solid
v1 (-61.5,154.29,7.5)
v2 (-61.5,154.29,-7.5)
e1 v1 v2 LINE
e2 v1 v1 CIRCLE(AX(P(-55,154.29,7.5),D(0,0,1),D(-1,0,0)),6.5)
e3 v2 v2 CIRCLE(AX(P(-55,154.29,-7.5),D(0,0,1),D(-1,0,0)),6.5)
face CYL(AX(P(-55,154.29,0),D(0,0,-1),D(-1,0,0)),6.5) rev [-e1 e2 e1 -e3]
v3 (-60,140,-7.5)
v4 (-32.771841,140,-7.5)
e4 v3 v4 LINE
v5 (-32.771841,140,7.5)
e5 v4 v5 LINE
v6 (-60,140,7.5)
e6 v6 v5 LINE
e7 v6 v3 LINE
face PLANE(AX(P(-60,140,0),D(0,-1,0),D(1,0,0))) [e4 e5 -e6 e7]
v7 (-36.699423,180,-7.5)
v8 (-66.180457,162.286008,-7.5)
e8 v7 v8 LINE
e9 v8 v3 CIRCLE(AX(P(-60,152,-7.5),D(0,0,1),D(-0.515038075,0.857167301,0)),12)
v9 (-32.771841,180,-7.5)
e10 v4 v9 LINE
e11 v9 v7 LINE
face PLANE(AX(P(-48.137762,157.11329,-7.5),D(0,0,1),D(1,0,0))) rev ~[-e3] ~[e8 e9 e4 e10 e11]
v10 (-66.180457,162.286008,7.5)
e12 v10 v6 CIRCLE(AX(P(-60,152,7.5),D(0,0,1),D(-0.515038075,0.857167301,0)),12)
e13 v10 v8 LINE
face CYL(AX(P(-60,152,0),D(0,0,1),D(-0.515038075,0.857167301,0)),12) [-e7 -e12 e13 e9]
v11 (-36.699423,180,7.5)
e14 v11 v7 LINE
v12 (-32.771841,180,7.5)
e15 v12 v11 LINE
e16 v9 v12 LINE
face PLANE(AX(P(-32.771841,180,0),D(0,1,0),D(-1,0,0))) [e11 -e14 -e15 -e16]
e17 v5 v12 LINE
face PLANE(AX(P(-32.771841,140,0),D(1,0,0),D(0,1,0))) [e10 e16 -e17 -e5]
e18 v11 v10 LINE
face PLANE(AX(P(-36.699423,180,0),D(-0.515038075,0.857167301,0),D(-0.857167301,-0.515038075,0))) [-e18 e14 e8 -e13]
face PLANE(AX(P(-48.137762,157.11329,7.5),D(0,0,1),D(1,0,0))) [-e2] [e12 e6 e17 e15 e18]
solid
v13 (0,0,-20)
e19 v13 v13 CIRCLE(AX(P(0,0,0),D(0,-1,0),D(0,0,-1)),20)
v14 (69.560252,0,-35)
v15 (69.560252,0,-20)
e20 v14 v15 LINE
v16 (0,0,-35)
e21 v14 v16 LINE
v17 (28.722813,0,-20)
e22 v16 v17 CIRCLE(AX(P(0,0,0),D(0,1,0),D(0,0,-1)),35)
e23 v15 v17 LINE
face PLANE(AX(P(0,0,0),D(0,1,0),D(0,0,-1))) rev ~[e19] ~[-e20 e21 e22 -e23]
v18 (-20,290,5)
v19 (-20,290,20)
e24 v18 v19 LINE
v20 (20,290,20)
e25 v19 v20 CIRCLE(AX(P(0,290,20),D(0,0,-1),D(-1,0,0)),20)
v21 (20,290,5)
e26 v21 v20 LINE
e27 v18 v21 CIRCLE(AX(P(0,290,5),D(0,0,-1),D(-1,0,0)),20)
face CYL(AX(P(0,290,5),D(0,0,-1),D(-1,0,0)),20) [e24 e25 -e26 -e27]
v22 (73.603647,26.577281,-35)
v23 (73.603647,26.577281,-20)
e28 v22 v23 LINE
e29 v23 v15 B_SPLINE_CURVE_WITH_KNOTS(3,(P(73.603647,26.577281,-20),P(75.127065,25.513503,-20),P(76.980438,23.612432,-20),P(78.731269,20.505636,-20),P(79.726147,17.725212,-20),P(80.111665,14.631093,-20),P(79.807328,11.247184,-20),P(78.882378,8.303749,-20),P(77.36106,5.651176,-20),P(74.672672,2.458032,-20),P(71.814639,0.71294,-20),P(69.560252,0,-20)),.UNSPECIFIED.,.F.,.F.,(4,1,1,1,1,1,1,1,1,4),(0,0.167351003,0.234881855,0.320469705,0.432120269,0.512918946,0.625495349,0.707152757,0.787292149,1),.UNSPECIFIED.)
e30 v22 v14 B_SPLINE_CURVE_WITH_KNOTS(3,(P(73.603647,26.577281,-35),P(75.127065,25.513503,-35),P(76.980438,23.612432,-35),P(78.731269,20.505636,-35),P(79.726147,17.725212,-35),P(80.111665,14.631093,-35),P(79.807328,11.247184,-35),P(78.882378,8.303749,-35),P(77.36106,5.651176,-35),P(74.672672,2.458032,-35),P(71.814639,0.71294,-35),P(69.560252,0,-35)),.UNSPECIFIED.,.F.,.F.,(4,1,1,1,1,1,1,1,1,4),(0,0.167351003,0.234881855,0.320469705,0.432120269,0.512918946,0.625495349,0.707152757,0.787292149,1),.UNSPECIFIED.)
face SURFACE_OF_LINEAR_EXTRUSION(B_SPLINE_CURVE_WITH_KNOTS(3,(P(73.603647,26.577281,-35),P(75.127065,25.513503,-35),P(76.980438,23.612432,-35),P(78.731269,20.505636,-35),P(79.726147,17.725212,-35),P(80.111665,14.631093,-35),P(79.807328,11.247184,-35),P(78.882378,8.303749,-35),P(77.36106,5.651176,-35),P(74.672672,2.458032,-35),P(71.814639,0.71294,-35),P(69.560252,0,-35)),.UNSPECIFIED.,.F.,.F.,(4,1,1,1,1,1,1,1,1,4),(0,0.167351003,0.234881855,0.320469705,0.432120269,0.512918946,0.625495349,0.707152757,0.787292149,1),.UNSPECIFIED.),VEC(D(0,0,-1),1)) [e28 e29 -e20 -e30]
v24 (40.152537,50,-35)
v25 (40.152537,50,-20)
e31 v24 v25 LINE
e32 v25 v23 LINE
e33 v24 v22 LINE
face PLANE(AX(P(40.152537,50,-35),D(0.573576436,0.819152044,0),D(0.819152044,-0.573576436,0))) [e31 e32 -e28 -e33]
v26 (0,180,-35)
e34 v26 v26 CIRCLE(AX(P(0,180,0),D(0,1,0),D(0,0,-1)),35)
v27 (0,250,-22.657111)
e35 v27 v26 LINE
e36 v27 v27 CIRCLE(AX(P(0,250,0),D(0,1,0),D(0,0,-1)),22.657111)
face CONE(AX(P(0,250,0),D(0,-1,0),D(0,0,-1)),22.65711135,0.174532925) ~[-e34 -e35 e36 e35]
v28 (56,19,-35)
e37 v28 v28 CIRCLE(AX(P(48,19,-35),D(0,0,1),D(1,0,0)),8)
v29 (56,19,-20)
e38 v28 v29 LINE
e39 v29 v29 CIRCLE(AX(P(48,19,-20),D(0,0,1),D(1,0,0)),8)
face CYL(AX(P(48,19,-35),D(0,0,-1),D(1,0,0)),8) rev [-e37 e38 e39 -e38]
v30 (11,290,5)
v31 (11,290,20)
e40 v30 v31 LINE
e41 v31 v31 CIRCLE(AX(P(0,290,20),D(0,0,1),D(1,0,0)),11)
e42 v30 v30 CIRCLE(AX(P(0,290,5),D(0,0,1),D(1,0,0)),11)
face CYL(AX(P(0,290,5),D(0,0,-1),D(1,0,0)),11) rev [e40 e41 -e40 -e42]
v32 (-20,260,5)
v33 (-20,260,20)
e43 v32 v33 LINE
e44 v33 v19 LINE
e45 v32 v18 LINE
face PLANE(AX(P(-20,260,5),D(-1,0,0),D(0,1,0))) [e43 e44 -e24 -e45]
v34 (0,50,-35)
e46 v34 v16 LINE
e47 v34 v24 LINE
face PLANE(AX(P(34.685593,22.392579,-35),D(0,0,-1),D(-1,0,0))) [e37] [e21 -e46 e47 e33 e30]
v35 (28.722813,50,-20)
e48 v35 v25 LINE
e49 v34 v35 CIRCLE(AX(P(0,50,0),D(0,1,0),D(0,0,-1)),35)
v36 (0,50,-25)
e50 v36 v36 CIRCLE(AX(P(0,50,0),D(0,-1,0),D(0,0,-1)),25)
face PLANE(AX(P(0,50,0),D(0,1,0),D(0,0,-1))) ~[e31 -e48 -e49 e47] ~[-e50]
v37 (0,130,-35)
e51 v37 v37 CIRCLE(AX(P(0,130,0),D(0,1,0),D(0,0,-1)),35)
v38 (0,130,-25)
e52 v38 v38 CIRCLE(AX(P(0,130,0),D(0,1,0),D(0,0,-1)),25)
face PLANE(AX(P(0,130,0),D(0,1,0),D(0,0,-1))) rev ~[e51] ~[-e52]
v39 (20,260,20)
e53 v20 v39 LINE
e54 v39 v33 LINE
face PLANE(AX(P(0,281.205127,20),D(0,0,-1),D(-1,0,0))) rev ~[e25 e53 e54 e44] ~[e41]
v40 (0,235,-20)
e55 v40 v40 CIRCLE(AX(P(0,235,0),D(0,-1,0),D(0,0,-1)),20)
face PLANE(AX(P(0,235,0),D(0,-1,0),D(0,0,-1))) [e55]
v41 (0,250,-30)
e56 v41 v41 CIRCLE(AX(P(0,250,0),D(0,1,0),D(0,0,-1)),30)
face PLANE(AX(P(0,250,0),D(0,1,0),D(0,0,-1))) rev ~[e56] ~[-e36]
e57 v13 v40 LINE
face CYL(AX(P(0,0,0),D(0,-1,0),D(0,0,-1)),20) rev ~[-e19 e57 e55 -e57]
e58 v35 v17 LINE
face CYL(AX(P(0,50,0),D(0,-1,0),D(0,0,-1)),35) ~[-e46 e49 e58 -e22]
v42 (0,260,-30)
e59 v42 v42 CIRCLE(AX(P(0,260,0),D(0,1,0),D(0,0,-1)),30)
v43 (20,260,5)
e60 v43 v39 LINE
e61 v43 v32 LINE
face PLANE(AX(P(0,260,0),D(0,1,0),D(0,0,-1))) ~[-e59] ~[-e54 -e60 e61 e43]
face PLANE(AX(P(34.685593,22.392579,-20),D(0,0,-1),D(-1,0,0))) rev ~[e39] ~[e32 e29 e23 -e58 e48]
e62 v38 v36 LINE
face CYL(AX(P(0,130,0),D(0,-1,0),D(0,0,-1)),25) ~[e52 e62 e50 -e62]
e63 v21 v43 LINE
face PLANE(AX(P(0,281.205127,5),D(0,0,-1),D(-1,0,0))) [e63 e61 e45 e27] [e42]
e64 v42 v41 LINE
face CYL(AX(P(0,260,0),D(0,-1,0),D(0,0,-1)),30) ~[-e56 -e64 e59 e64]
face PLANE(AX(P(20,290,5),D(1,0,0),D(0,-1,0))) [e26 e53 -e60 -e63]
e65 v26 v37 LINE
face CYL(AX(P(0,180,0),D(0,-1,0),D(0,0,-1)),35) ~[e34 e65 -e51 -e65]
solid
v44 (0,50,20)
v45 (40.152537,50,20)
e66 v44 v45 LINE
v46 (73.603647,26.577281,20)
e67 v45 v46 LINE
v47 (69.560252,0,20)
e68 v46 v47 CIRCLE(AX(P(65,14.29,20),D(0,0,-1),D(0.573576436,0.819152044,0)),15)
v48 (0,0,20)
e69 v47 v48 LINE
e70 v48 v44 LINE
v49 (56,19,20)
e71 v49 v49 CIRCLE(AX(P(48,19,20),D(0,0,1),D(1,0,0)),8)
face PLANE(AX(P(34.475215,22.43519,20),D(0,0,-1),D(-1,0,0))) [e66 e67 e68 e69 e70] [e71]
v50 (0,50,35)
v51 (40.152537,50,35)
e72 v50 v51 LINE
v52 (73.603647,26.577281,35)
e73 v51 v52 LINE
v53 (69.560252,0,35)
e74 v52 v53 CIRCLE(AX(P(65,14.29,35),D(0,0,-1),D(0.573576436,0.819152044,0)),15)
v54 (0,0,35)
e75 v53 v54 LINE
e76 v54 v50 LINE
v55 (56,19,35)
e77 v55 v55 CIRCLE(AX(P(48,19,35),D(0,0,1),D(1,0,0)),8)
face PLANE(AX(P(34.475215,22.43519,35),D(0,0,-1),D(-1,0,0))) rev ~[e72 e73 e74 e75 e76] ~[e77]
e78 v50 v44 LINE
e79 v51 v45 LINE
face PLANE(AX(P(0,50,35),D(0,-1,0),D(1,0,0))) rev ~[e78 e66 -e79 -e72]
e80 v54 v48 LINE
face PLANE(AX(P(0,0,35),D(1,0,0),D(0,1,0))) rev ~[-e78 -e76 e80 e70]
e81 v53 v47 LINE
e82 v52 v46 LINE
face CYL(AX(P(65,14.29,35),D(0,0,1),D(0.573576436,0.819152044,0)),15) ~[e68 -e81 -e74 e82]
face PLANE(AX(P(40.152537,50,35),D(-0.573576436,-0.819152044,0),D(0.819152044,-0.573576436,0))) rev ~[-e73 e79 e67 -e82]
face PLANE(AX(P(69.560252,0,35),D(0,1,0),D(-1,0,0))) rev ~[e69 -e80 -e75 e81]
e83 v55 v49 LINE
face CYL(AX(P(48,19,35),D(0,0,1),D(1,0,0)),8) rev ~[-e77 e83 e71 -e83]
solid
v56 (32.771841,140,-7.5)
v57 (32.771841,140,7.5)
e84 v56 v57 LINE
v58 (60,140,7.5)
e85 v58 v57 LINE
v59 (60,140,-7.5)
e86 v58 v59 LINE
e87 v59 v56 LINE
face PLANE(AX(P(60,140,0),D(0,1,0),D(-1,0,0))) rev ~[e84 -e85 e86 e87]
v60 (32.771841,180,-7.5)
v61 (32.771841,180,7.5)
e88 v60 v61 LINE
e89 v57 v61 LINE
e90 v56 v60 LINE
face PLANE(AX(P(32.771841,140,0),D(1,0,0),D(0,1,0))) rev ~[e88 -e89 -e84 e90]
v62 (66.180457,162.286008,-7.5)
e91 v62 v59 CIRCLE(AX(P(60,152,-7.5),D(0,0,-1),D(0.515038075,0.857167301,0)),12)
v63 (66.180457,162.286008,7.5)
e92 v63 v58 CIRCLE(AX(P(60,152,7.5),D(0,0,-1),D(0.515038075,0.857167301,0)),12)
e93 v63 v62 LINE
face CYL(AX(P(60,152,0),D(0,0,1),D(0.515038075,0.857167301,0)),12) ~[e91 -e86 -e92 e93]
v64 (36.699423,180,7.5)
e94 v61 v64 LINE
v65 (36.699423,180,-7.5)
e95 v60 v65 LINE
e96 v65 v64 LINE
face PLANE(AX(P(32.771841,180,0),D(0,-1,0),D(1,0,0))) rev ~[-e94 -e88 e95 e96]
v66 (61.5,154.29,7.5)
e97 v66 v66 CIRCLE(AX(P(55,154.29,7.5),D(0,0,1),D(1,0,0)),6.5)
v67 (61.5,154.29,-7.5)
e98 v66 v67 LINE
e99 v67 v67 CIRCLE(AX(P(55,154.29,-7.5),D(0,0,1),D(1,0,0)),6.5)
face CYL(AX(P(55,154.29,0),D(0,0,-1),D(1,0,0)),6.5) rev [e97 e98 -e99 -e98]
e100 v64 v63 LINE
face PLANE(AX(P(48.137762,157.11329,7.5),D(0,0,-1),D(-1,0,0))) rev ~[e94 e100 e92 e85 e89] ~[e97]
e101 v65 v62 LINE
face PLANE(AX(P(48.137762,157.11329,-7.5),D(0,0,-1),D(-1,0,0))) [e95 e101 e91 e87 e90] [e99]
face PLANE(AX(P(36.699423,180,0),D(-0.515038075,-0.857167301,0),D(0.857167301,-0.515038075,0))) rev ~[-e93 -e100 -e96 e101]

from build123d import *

# Parameters (mm, degrees)
SKETCH4_R             = 11
BOSS_EXTRUDE2_DEPTH   = 15
SKETCH5_R             = 6.5
BOSS_EXTRUDE3_DEPTH   = 7.5
BOSS_EXTRUDE3_2_DEPTH = 7.5
SKETCH8_R             = 8
BOSS_EXTRUDE4_DEPTH   = 15
SKETCH10_R            = 8
BOSS_EXTRUDE5_DEPTH   = 15
SKETCH11_R            = 20
CUT_EXTRUDE1_DEPTH    = 235


with BuildPart() as part:
    # Sketch3 → Revolve1 (revolve)
    with BuildSketch(Plane.XY, mode=Mode.PRIVATE) as revolve1_sk:
        Polygon((0, 260), (30, 260), (30, 250), (22.65711135, 250), (35, 180), (35, 130), (25, 130), (25, 50), (35, 50), (35, 0), (0, 0), align=None)
    revolve(revolve1_sk.sketch.rotate(Axis((0, 0, 0), (0, 1, 0)), 90), axis=Axis((0, 0, 0), (0, 1, 0)))

    # Sketch4 → Boss-Extrude2 (add)
    with BuildSketch(Plane.XY.offset(5)):
        with BuildLine():
            Line((-20, 260), (-20, 290))
            ThreePointArc((-20, 290), (0, 310), (20, 290))
            Line((20, 290), (20, 260))
            Line((20, 260), (-20, 260))
        make_face()
        with Locations((0, 290)):
            Circle(SKETCH4_R, mode=Mode.SUBTRACT)
    extrude(amount=BOSS_EXTRUDE2_DEPTH)

    # Sketch10 → Boss-Extrude5 (add)
    with BuildSketch(Plane.XY.offset(-35)):
        with BuildLine():
            Line((0, 0), (0, 50))
            Line((0, 50), (40.152536614, 50))
            Line((40.152536614, 50), (73.603646545, 26.577280664))
            add(Edge.make_bspline(
                [(73.603646545, 26.577280664), (75.127065021, 25.513502774), (76.980437774, 23.612432373), (78.731268766, 20.505635824), (79.726147072, 17.725211617), (80.11166501, 14.631092772), (79.807327508, 11.24718434), (78.882377726, 8.303748645), (77.361059944, 5.651175507), (74.672672088, 2.458032167), (71.81463949, 0.712940429), (69.560252186, 0)],
                knots=[0, 0, 0, 0, 0.167351003, 0.234881855, 0.320469705, 0.432120269, 0.512918946, 0.625495349, 0.707152757, 0.787292149, 1, 1, 1, 1], degree=3))
            Line((69.560252186, 0), (0, 0))
        make_face()
        with Locations((48, 19)):
            Circle(SKETCH10_R, mode=Mode.SUBTRACT)
    extrude(amount=BOSS_EXTRUDE5_DEPTH)

    # Sketch11 → Cut-Extrude1 (cut)
    with BuildSketch(Plane.XZ):
        with Locations(Location((0, 0, 0), (0, 0, 270))):
            Circle(SKETCH11_R)
    extrude(amount=-CUT_EXTRUDE1_DEPTH, mode=Mode.SUBTRACT)


with BuildPart() as body_2:
    # Sketch5 → Boss-Extrude3 (new, symmetric)
    with BuildSketch(Plane.XY):
        with BuildLine():
            Line((35, 180), (36.699422811, 180))
            Line((36.699422811, 180), (66.180456899, 162.286007608))
            ThreePointArc((66.180456899, 162.286007608), (71.563565439, 148.793139487), (60, 140))
            Line((60, 140), (35, 140))
            Line((35, 140), (32.771840792, 140))
            Line((32.771840792, 140), (32.771840792, 180))
            Line((32.771840792, 180), (35, 180))
        make_face()
        with Locations((55, 154.29)):
            Circle(SKETCH5_R, mode=Mode.SUBTRACT)
    extrude(amount=BOSS_EXTRUDE3_DEPTH, both=True)


with BuildPart() as body_3:
    # Sketch5 → Boss-Extrude3 2 (new, symmetric)
    with BuildSketch(Plane.XY):
        with BuildLine():
            Line((-60, 140), (-35, 140))
            Line((-35, 140), (-32.771840792, 140))
            Line((-32.771840792, 140), (-32.771840792, 180))
            Line((-32.771840792, 180), (-35, 180))
            Line((-35, 180), (-36.699422811, 180))
            Line((-36.699422811, 180), (-66.180456899, 162.286007608))
            ThreePointArc((-66.180456899, 162.286007608), (-71.563565439, 148.793139487), (-60, 140))
        make_face()
        with Locations(Location((-55, 154.29, 0), (0, 0, 180))):
            Circle(SKETCH5_R, mode=Mode.SUBTRACT)
    extrude(amount=BOSS_EXTRUDE3_2_DEPTH, both=True)


with BuildPart() as body_4:
    # Sketch8 → Boss-Extrude4 (new body)
    with BuildSketch(Plane.XY.offset(35)):
        with BuildLine():
            Line((35, 50), (40.152536614, 50))
            Line((40.152536614, 50), (73.603646545, 26.577280664))
            ThreePointArc((73.603646545, 26.577280664), (79.829363416, 12.033901449), (69.560252186, 0))
            Line((69.560252186, 0), (35, 0))
            Line((35, 0), (0, 0))
            Line((0, 0), (0, 50))
            Line((0, 50), (35, 50))
        make_face()
        with Locations((48, 19)):
            Circle(SKETCH8_R, mode=Mode.SUBTRACT)
    extrude(amount=-BOSS_EXTRUDE4_DEPTH)


solid = Compound([part.part, body_2.part, body_3.part, body_4.part])
